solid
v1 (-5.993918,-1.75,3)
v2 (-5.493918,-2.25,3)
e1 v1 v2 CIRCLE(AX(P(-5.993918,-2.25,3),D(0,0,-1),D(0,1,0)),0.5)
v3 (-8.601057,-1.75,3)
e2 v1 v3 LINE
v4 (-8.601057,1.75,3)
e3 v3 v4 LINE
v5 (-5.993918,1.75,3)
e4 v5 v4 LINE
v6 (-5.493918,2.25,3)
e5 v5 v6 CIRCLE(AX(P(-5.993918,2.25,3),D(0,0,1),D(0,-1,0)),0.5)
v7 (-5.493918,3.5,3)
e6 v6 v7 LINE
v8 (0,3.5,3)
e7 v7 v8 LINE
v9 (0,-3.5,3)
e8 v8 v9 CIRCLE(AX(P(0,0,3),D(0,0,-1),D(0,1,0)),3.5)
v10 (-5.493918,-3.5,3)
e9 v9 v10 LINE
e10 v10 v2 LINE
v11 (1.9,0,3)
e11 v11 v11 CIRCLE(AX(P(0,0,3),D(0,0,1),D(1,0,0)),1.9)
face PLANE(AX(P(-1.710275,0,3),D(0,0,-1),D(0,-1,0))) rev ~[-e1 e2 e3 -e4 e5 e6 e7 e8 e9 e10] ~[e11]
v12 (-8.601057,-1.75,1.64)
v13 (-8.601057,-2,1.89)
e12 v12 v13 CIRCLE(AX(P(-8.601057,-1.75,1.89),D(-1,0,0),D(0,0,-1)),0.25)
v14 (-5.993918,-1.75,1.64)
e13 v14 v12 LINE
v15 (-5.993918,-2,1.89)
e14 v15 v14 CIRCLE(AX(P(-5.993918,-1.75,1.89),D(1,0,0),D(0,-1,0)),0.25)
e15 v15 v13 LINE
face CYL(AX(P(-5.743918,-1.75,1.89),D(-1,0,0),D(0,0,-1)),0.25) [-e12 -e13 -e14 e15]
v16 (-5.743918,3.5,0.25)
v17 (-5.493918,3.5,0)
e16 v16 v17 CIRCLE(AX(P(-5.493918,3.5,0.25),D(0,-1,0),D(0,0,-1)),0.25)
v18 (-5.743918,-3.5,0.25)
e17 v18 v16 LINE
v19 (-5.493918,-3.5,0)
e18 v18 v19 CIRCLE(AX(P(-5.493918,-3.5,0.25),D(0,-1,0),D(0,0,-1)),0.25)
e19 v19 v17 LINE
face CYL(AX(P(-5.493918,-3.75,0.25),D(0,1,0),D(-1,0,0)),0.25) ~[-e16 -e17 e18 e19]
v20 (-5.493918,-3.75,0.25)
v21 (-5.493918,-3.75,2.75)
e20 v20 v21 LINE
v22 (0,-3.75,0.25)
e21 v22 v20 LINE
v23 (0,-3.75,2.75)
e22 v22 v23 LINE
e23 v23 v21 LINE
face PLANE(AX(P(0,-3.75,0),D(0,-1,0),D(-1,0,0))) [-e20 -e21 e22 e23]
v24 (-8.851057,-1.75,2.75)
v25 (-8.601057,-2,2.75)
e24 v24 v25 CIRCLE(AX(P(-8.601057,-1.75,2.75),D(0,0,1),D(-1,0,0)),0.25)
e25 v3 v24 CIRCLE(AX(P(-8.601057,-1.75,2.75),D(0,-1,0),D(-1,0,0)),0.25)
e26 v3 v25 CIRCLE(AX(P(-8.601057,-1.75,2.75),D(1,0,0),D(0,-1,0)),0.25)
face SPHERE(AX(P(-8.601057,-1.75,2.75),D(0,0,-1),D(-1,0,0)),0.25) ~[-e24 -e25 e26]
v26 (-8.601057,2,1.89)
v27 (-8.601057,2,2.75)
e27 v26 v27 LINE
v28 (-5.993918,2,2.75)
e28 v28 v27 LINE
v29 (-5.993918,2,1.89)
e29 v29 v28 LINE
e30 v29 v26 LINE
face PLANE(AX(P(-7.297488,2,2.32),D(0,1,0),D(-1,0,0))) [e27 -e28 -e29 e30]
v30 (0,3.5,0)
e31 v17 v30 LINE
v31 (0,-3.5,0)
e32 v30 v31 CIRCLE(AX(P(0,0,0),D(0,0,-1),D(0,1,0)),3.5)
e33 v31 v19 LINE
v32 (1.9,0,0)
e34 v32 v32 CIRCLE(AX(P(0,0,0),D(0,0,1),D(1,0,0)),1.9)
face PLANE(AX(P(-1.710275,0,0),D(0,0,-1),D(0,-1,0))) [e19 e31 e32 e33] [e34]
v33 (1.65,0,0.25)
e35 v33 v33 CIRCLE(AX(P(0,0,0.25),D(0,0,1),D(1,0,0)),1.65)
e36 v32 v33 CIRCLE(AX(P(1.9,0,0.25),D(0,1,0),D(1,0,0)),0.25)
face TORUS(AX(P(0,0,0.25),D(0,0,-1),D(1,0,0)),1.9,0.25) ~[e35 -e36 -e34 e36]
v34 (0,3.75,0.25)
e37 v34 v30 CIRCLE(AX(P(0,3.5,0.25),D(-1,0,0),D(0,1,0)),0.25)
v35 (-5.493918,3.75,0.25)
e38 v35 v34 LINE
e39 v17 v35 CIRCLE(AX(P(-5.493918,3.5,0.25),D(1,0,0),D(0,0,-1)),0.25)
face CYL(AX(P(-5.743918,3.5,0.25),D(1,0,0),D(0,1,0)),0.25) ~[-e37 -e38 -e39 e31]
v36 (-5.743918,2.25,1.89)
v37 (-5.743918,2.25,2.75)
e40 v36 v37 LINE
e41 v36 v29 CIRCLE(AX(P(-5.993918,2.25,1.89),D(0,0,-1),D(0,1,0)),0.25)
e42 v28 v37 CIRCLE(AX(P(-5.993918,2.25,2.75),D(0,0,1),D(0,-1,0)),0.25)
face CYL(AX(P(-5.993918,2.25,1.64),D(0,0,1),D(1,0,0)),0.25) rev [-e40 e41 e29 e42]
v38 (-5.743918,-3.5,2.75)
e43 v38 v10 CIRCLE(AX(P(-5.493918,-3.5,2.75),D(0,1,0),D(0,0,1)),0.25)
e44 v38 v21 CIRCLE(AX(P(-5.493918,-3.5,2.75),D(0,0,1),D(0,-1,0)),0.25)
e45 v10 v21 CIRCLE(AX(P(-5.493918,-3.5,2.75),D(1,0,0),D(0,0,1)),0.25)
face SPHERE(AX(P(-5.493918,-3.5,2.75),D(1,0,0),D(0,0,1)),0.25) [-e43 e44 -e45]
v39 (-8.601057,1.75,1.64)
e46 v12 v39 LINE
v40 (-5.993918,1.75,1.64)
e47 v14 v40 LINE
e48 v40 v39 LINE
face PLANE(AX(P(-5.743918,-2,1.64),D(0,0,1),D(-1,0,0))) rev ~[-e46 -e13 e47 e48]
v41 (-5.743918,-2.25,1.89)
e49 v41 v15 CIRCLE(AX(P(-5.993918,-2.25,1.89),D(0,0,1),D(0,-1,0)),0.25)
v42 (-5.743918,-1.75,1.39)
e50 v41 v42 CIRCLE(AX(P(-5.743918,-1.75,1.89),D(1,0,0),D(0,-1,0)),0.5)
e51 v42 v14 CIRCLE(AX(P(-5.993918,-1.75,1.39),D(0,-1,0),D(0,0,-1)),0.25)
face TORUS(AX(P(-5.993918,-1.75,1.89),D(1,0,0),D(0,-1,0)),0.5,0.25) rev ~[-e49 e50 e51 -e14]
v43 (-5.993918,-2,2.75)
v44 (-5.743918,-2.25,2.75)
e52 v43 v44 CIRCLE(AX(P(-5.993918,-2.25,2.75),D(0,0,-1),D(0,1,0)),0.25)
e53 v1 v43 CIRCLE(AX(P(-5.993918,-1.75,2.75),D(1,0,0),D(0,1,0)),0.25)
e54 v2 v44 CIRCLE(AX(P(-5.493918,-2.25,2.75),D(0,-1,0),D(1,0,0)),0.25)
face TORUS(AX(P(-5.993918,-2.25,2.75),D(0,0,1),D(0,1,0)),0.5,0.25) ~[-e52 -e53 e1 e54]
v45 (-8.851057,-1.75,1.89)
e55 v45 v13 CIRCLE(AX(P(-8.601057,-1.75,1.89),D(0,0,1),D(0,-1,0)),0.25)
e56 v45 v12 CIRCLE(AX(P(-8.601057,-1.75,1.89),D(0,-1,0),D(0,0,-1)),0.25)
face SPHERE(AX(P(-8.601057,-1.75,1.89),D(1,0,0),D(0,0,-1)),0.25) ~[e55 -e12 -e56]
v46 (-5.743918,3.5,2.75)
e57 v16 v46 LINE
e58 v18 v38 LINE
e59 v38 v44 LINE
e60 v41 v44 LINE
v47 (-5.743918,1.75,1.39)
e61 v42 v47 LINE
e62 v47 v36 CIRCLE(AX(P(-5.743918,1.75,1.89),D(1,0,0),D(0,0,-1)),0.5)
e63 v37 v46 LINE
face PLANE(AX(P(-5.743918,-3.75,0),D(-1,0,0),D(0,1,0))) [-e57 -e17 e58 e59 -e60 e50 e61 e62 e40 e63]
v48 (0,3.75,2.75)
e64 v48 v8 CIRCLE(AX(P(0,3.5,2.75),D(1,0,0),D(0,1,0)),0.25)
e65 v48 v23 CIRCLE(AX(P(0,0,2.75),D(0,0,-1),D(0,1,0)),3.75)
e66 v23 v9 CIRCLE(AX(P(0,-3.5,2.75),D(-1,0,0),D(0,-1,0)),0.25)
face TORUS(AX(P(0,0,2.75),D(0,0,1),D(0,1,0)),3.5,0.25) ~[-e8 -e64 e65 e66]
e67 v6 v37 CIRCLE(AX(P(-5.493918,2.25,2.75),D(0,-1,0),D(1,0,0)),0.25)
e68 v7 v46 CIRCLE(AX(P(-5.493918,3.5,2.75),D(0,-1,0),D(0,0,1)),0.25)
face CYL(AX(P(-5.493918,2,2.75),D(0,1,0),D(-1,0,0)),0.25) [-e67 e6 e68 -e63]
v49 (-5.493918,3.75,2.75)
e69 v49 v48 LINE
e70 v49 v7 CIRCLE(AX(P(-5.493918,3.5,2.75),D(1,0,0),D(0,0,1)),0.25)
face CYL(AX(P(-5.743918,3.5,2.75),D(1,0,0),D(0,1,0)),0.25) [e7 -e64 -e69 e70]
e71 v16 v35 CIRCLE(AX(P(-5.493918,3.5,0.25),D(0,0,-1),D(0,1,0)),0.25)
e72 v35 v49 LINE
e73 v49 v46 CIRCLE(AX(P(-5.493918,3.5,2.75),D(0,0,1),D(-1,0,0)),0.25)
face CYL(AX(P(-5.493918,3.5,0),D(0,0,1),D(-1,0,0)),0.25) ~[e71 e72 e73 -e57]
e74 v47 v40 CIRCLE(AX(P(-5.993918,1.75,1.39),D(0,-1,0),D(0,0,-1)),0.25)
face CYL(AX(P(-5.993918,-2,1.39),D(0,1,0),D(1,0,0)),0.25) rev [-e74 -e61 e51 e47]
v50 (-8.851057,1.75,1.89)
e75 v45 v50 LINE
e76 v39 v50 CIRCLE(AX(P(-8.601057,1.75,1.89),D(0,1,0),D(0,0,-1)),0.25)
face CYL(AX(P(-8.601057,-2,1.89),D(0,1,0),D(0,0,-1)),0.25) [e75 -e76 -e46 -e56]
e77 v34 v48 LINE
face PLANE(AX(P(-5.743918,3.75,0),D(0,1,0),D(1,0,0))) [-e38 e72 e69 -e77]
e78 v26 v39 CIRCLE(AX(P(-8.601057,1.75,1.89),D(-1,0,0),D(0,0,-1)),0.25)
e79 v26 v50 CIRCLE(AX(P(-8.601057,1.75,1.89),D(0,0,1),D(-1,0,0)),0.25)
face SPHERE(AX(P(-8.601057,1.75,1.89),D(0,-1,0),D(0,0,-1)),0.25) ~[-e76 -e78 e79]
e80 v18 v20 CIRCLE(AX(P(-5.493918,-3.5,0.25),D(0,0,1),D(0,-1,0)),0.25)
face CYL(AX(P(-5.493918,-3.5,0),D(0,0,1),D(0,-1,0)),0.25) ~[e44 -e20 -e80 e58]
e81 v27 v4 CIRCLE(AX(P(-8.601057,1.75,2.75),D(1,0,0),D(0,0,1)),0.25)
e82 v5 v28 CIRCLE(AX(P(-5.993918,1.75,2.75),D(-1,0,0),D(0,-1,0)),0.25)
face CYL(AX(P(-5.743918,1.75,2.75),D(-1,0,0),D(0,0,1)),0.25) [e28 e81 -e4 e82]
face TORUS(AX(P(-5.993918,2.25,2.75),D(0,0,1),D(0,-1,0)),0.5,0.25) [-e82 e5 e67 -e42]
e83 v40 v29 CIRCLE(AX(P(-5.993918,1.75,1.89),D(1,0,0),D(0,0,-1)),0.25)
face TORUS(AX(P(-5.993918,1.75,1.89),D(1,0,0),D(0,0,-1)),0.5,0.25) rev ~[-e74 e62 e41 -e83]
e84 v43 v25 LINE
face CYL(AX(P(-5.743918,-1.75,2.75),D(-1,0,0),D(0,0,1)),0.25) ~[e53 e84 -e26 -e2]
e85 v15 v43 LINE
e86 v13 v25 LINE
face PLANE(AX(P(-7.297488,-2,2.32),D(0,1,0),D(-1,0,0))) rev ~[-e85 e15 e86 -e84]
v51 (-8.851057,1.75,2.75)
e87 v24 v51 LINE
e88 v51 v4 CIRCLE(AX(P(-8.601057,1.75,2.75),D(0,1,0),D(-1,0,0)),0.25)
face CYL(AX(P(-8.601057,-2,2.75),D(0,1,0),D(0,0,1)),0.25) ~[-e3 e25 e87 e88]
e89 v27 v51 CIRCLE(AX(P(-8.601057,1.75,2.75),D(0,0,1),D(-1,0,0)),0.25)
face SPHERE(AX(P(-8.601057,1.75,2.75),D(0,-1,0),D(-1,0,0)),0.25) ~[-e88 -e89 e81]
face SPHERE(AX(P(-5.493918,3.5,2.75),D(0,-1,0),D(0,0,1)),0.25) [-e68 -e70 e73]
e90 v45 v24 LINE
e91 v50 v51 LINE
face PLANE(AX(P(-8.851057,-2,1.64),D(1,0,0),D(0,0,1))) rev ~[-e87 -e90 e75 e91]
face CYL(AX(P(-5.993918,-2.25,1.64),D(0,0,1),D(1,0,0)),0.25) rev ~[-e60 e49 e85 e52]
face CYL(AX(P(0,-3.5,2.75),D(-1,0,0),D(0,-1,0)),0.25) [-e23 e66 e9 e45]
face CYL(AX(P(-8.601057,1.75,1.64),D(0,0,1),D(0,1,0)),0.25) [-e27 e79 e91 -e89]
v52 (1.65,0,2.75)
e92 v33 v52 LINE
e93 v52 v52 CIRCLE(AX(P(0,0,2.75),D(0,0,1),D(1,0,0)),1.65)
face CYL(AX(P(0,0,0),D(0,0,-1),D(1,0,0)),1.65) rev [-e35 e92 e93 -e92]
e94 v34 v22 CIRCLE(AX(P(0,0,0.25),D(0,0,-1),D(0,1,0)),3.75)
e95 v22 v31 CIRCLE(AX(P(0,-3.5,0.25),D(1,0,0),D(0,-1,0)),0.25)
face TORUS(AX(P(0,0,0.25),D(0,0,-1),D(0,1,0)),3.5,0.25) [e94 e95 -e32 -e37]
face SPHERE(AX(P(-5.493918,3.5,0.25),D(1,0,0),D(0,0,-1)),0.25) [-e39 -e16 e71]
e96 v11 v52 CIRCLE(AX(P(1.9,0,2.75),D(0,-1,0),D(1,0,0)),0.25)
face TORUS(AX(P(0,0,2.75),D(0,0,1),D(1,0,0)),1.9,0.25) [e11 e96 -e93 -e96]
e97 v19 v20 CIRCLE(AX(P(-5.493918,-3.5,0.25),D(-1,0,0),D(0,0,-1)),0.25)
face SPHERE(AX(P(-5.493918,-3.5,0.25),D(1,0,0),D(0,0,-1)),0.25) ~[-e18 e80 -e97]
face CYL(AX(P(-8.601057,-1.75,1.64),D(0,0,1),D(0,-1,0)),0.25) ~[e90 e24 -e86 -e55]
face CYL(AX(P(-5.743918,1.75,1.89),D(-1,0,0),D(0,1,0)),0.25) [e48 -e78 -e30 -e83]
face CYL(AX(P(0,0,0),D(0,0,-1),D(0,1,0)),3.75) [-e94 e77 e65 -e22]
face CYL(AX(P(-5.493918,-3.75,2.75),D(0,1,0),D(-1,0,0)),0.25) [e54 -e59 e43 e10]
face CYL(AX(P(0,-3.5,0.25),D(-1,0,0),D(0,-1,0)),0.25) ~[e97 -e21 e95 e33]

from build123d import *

# Parameters (mm, degrees)
SKETCH1_R                = 1.65
BOSS_EXTRUDE1_DEPTH      = 3
BOSS_EXTRUDE2_DEPTH      = 2
BOSS_EXTRUDE2_DEPTH_BACK = 2
SKETCH2_W                = 3.107139826
SKETCH2_H                = 1.36
FILLET1_R                = 0.25


with BuildPart() as part:
    # Sketch1 → Boss-Extrude1 (new body)
    with BuildSketch(Plane(origin=(0, 0, 0), x_dir=(0, 1, 0), z_dir=(0, 0, 1))):
        with BuildLine():
            Line((-3.75, 0), (-3.75, 5.743917642))
            Line((-3.75, 5.743917642), (3.75, 5.743917642))
            Line((3.75, 5.743917642), (3.75, 0))
            ThreePointArc((3.75, 0), (0, -3.75), (-3.75, 0))
        make_face()
        with Locations(Location((0, 0, 0), (0, 0, 270))):
            Circle(SKETCH1_R, mode=Mode.SUBTRACT)
    extrude(amount=BOSS_EXTRUDE1_DEPTH)

    # Sketch2 → Boss-Extrude2 (add, two sides: drawn at the far end of the back side and taken through both)
    with BuildSketch(Plane(origin=(0, 0, 0), x_dir=(-1, 0, 0), z_dir=(0, 1, 0)).offset(-BOSS_EXTRUDE2_DEPTH_BACK)):
        with Locations((7.297487555, 2.32)):
            Rectangle(SKETCH2_W, SKETCH2_H)
    extrude(amount=BOSS_EXTRUDE2_DEPTH + BOSS_EXTRUDE2_DEPTH_BACK)

    # Fillet1
    fillet1_edges = [part.edges().sort_by_distance(p)[0] for p in [
        (-1.65, 0, 0),
        (-1.65, 0, 3),
        (-5.743917642, 2.875, 3),
        (-2.871958821, -3.75, 3),
        (-5.743917642, -2.875, 3),
        (-5.743917642, -2, 2.32),
        (-5.743917642, 0, 1.64),
        (-7.297487555, -2, 1.64),
        (-8.851057468, 0, 1.64),
        (-8.851057468, -2, 2.32),
        (-8.851057468, 0, 3),
        (-7.297487555, -2, 3),
        (-5.743917642, 2, 2.32),
        (-7.297487555, 2, 1.64),
        (-8.851057468, 2, 2.32),
        (-7.297487555, 2, 3),
        (3.75, 0, 3),
        (-2.871958821, -3.75, 0),
        (-5.743917642, 0, 0),
        (-2.871958821, 3.75, 0),
        (3.75, 0, 0),
        (-5.743917642, -3.75, 1.5),
        (-5.743917642, 3.75, 1.5),
        (-2.871958821, 3.75, 3),
    ]]
    fillet(fillet1_edges, radius=FILLET1_R)


solid = part.part
